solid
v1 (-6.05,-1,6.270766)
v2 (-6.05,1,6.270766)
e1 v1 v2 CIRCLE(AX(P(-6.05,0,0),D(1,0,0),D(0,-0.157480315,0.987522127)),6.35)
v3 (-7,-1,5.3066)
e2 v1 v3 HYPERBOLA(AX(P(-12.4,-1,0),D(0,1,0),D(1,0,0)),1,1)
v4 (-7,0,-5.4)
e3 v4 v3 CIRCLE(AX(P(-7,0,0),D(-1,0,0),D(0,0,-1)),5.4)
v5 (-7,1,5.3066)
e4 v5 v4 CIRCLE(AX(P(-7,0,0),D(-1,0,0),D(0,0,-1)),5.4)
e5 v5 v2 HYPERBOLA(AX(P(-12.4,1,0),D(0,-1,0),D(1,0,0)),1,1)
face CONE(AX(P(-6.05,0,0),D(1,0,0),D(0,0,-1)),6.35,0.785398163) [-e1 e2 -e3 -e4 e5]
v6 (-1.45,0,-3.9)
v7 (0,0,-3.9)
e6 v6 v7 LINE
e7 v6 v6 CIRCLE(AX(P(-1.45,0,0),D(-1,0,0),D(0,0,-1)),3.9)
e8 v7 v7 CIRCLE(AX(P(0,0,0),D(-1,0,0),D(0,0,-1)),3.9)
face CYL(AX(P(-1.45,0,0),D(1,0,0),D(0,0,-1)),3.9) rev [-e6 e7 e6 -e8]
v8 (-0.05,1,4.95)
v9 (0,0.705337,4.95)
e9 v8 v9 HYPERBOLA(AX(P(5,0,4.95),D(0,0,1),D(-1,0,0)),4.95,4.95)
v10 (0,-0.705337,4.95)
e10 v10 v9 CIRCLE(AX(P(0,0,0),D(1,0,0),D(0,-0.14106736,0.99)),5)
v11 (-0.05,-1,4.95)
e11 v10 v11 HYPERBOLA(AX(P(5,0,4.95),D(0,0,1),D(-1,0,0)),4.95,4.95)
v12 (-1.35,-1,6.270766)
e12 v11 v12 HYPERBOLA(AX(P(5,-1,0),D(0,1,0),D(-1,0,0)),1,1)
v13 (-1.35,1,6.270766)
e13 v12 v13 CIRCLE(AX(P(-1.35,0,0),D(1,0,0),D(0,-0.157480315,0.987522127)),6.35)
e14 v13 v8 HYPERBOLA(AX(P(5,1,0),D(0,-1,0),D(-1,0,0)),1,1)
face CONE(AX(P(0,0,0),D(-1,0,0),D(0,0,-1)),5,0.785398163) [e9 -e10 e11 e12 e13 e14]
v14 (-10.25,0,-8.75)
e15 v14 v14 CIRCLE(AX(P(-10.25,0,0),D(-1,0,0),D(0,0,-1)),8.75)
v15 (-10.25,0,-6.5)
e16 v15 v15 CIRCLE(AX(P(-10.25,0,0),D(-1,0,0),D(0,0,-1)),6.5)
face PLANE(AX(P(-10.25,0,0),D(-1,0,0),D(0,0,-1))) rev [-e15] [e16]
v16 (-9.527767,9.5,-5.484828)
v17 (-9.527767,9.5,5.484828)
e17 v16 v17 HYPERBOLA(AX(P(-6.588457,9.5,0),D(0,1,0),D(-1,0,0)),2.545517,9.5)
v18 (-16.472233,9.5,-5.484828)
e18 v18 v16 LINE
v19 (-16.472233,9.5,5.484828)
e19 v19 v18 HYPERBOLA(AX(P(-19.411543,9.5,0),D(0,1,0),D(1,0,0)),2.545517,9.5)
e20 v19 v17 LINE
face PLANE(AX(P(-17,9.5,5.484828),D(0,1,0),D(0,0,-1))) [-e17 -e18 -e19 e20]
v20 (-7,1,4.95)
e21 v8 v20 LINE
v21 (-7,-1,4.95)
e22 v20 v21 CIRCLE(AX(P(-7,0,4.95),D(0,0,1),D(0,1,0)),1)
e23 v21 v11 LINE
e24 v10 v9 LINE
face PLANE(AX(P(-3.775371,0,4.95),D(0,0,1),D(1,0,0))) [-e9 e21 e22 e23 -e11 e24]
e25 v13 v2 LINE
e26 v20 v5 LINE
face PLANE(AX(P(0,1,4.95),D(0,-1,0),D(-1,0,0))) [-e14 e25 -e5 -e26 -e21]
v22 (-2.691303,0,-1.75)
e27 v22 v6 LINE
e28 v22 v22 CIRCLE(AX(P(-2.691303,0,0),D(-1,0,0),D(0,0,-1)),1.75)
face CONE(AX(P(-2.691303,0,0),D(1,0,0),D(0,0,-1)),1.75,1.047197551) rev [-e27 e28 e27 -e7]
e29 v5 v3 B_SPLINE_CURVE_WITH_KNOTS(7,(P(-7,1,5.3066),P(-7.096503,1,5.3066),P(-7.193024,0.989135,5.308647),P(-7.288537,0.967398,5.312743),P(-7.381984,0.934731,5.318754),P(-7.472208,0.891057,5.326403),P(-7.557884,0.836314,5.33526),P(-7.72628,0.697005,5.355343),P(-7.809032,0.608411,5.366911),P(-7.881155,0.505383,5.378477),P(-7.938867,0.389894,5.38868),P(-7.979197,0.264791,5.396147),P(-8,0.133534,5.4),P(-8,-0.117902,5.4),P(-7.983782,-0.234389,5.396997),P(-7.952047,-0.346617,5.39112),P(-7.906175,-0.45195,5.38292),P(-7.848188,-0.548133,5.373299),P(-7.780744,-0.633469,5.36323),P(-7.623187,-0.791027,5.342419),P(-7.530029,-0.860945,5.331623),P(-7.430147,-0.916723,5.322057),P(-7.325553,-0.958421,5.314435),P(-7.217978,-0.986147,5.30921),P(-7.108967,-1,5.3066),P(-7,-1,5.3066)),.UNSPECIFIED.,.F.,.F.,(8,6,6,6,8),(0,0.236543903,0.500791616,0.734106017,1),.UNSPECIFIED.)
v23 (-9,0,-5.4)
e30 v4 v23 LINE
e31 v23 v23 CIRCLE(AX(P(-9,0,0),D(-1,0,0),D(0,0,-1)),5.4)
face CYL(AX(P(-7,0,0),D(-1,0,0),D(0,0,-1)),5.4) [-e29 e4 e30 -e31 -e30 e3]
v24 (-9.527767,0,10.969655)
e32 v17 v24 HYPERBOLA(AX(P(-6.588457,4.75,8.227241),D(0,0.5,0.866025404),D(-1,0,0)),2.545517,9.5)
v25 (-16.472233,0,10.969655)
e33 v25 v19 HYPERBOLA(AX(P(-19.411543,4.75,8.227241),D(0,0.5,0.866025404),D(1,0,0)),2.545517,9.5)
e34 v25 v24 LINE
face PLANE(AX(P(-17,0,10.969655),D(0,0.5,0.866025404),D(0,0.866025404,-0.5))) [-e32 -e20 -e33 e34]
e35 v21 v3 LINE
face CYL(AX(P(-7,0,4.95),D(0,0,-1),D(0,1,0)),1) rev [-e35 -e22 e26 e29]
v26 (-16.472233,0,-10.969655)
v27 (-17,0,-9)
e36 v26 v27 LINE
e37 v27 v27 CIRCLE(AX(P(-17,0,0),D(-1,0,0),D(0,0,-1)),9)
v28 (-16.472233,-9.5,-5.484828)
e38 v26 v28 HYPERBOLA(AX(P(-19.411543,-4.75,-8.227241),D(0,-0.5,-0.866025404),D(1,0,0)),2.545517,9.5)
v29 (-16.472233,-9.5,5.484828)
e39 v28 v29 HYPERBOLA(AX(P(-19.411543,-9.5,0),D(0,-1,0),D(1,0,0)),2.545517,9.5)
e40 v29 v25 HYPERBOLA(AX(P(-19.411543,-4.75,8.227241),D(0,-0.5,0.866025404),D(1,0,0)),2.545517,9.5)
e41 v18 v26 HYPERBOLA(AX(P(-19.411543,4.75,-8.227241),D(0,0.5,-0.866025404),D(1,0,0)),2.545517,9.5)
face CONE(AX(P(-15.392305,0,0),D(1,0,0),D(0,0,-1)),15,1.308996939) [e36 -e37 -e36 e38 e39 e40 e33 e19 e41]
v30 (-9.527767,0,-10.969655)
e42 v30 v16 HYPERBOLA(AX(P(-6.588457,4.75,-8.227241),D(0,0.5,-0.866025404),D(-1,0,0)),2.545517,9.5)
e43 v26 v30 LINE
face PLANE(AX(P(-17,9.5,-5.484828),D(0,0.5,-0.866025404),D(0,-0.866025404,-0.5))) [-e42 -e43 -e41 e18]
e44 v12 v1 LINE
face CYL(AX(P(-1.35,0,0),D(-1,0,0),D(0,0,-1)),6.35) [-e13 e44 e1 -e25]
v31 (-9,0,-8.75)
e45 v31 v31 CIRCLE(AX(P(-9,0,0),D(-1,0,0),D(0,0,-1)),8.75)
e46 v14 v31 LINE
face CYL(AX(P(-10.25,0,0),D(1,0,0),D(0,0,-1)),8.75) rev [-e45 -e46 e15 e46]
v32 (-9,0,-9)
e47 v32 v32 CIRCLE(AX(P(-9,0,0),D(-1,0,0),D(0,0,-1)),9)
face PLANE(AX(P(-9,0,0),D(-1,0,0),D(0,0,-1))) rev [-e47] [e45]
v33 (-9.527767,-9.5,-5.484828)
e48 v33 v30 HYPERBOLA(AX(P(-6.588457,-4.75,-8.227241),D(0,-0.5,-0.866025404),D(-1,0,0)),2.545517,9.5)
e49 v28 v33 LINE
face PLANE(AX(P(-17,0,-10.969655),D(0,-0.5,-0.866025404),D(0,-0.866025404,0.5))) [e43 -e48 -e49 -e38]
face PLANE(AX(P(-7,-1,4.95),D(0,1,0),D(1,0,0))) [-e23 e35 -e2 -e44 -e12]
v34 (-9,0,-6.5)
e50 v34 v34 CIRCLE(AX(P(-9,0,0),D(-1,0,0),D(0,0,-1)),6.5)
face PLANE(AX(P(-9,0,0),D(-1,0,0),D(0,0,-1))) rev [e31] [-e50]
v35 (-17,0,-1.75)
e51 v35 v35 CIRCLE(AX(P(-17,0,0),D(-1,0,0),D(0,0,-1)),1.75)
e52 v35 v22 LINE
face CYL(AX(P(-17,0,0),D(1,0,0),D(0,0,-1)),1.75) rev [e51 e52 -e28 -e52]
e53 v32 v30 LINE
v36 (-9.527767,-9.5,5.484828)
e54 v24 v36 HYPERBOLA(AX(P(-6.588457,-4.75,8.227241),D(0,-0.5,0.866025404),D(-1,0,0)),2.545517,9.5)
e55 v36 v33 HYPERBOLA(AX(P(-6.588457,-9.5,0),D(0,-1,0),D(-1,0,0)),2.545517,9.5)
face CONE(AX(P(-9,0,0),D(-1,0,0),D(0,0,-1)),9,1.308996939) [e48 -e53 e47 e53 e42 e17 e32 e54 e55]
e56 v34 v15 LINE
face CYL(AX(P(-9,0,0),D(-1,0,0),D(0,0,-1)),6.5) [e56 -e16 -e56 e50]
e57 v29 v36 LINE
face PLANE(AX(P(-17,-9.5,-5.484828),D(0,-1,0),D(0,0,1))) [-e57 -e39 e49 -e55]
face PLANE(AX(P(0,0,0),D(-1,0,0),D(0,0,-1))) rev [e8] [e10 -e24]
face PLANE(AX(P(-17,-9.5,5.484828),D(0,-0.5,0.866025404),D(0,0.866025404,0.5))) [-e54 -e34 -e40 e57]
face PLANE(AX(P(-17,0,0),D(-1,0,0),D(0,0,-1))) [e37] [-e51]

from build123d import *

# Parameters (mm, degrees)
SKETCH2_OUTSIDE_W  = 41.142
SKETCH2_OUTSIDE_H  = 41.142
CUT_EXTRUDE1_DEPTH = 28.184554438
CUT_EXTRUDE3_DEPTH = 10


with BuildPart() as part:
    # Sketch1 → Revolve1 (revolve)
    with BuildSketch(Plane.XY, mode=Mode.PRIVATE) as revolve1_sk:
        Polygon((0, 3.9), (0, 5), (-1.35, 6.35), (-6.05, 6.35), (-7, 5.4), (-9, 5.4), (-9, 6.5), (-10.25, 6.5), (-10.25, 8.75), (-9, 8.75), (-9, 9), (-10.607695155, 15), (-15.392304845, 15), (-17, 9), (-17, 1.75), (-2.691303079, 1.75), (-1.45, 3.9), align=None)
    revolve(revolve1_sk.sketch.rotate(Axis((0, 0, 0), (-1, 0, 0)), 90), axis=Axis((0, 0, 0), (-1, 0, 0)))

    # Sketch2 outside → Cut-Extrude1 (cut, through all)
    with BuildSketch(Plane.ZY.offset(17)):
        Rectangle(SKETCH2_OUTSIDE_W, SKETCH2_OUTSIDE_H)
        Polygon((10.969655115, 0), (5.484827557, 9.5), (-5.484827557, 9.5), (-10.969655115, 0), (-5.484827557, -9.5), (5.484827557, -9.5), align=None, mode=Mode.SUBTRACT)
    extrude(amount=-CUT_EXTRUDE1_DEPTH, mode=Mode.SUBTRACT)

    # Sketch3 → Cut-Extrude3 (cut)
    with BuildSketch(Plane.XY.offset(4.95)):
        with BuildLine():
            Line((0, 1), (-7, 1))
            ThreePointArc((-7, 1), (-8, 0), (-7, -1))
            Line((-7, -1), (0, -1))
            Line((0, -1), (0, 0))
            Line((0, 0), (0, 1))
        make_face()
    extrude(amount=CUT_EXTRUDE3_DEPTH, mode=Mode.SUBTRACT)


solid = part.part
